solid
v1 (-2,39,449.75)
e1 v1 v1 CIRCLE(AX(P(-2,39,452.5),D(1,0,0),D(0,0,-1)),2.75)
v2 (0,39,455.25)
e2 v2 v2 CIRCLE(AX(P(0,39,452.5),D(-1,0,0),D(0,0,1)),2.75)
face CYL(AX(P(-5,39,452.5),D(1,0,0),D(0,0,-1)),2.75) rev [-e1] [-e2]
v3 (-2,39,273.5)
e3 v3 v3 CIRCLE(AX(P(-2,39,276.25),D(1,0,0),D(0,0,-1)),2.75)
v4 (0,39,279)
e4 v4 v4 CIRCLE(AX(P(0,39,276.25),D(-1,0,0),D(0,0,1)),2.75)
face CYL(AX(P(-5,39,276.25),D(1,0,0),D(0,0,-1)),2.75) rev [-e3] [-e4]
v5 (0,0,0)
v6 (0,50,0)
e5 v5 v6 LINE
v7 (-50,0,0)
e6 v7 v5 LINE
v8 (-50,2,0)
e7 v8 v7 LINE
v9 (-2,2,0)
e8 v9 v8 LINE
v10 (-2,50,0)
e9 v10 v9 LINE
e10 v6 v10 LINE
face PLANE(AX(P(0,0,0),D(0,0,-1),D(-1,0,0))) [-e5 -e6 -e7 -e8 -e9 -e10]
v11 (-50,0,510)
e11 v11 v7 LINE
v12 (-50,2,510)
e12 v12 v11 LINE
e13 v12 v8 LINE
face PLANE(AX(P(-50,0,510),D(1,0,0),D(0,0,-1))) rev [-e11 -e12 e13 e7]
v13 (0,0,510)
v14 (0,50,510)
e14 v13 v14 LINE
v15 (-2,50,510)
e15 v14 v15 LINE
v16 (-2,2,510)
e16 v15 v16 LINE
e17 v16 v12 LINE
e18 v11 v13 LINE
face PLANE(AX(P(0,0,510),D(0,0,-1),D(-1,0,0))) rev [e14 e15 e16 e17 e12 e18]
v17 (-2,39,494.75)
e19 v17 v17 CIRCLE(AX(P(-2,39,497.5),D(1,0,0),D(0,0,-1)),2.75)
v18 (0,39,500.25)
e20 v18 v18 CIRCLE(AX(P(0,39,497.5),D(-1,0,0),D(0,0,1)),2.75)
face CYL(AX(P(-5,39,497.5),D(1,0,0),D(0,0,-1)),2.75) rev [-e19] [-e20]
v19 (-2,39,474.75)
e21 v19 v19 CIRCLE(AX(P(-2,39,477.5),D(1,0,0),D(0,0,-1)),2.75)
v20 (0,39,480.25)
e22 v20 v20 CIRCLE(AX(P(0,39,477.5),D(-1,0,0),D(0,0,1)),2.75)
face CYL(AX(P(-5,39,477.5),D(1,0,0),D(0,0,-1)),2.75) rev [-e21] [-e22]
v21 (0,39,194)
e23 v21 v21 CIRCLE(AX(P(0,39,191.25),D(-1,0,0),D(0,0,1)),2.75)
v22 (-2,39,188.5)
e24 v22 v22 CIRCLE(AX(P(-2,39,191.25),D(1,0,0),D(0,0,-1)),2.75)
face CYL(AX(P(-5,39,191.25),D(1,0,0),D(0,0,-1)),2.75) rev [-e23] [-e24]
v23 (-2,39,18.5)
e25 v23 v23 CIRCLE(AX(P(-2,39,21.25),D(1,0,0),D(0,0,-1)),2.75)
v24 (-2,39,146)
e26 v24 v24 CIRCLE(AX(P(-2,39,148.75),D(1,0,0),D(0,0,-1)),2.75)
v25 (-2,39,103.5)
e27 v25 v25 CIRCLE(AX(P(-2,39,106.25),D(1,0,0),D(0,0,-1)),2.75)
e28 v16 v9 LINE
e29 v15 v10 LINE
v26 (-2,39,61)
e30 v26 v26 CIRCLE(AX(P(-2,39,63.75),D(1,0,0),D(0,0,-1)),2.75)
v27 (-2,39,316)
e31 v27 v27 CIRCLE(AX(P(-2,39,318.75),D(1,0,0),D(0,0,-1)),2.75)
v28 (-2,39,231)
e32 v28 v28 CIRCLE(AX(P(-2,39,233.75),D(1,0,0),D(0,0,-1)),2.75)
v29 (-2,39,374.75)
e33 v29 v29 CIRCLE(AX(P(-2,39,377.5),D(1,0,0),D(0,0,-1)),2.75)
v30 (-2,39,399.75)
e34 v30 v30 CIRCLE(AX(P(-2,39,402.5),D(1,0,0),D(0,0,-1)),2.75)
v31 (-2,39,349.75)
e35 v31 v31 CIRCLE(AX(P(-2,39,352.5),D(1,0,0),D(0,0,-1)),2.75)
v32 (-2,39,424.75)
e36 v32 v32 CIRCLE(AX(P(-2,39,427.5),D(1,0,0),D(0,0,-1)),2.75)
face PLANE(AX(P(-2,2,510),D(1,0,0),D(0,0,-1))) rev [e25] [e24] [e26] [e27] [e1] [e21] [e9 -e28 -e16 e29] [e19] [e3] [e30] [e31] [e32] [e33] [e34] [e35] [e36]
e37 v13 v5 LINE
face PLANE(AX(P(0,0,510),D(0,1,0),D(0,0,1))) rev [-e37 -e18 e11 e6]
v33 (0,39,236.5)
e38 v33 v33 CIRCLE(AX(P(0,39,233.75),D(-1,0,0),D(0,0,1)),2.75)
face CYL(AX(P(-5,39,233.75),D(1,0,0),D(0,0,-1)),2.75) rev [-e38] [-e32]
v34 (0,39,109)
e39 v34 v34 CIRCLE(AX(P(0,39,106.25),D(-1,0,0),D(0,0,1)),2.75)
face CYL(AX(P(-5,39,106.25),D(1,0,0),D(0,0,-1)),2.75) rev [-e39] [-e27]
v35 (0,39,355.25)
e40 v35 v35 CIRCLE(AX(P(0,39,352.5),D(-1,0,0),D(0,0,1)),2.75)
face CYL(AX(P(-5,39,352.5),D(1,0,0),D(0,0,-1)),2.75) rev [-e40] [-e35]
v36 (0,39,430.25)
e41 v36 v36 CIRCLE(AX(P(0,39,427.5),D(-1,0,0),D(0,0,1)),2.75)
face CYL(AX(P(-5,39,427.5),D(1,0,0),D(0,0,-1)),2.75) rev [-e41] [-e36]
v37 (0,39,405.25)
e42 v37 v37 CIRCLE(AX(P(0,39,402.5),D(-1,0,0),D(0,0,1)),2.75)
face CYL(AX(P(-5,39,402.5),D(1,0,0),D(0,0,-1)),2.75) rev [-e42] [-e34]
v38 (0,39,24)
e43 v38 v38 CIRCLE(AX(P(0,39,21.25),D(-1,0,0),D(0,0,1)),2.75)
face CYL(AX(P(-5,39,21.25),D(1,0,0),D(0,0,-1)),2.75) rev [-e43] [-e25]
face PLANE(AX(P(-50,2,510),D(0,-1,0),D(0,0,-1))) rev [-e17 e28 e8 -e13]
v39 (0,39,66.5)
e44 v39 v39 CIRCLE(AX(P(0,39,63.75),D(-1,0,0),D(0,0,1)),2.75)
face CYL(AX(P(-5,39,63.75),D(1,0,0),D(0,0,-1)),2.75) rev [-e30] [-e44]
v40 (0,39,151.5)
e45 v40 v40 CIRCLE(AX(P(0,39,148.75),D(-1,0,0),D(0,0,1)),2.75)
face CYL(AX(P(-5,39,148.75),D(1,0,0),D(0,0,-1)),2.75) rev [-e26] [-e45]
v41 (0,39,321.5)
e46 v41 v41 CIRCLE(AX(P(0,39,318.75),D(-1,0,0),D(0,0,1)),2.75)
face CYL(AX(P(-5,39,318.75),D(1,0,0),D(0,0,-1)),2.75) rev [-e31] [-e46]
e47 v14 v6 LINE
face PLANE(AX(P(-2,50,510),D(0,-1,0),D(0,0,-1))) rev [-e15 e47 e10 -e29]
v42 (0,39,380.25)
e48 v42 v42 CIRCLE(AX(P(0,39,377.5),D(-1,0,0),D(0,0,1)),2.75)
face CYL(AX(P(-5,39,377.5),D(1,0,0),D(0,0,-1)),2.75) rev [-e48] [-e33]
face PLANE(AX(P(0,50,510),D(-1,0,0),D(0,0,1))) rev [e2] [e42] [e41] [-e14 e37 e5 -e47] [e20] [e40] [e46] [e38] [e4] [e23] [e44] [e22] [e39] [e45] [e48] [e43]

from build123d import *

# Parameters (mm, degrees)
BOSS_EXTRUDE1_DEPTH = 510
SKETCH2_R           = 2.75
CUT_EXTRUDE1_DEPTH  = 5


with BuildPart() as part:
    # Sketch1 → Boss-Extrude1 (new body)
    with BuildSketch(Plane.XY):
        Polygon((0, 0), (-50, 0), (-50, 2), (-2, 2), (-2, 50), (0, 50), align=None)
    extrude(amount=BOSS_EXTRUDE1_DEPTH)

    # Sketch2 → Cut-Extrude1 (cut, symmetric)
    with BuildSketch(Plane(origin=(0, 0, 0), x_dir=(0, 0, -1), z_dir=(1, 0, 0))):
        with Locations((-21.25, 39)):
            Circle(SKETCH2_R)
        with Locations((-63.75, 39)):
            Circle(SKETCH2_R)
        with Locations((-106.25, 39)):
            Circle(SKETCH2_R)
        with Locations((-148.75, 39)):
            Circle(SKETCH2_R)
        with Locations((-191.25, 39)):
            Circle(SKETCH2_R)
        with Locations((-233.75, 39)):
            Circle(SKETCH2_R)
        with Locations((-276.25, 39)):
            Circle(SKETCH2_R)
        with Locations((-318.75, 39)):
            Circle(SKETCH2_R)
        with Locations((-352.5, 39)):
            Circle(SKETCH2_R)
        with Locations((-377.5, 39)):
            Circle(SKETCH2_R)
        with Locations((-402.5, 39)):
            Circle(SKETCH2_R)
        with Locations((-427.5, 39)):
            Circle(SKETCH2_R)
        with Locations((-452.5, 39)):
            Circle(SKETCH2_R)
        with Locations((-477.5, 39)):
            Circle(SKETCH2_R)
        with Locations((-497.5, 39)):
            Circle(SKETCH2_R)
    extrude(amount=CUT_EXTRUDE1_DEPTH, both=True, mode=Mode.SUBTRACT)


solid = part.part
